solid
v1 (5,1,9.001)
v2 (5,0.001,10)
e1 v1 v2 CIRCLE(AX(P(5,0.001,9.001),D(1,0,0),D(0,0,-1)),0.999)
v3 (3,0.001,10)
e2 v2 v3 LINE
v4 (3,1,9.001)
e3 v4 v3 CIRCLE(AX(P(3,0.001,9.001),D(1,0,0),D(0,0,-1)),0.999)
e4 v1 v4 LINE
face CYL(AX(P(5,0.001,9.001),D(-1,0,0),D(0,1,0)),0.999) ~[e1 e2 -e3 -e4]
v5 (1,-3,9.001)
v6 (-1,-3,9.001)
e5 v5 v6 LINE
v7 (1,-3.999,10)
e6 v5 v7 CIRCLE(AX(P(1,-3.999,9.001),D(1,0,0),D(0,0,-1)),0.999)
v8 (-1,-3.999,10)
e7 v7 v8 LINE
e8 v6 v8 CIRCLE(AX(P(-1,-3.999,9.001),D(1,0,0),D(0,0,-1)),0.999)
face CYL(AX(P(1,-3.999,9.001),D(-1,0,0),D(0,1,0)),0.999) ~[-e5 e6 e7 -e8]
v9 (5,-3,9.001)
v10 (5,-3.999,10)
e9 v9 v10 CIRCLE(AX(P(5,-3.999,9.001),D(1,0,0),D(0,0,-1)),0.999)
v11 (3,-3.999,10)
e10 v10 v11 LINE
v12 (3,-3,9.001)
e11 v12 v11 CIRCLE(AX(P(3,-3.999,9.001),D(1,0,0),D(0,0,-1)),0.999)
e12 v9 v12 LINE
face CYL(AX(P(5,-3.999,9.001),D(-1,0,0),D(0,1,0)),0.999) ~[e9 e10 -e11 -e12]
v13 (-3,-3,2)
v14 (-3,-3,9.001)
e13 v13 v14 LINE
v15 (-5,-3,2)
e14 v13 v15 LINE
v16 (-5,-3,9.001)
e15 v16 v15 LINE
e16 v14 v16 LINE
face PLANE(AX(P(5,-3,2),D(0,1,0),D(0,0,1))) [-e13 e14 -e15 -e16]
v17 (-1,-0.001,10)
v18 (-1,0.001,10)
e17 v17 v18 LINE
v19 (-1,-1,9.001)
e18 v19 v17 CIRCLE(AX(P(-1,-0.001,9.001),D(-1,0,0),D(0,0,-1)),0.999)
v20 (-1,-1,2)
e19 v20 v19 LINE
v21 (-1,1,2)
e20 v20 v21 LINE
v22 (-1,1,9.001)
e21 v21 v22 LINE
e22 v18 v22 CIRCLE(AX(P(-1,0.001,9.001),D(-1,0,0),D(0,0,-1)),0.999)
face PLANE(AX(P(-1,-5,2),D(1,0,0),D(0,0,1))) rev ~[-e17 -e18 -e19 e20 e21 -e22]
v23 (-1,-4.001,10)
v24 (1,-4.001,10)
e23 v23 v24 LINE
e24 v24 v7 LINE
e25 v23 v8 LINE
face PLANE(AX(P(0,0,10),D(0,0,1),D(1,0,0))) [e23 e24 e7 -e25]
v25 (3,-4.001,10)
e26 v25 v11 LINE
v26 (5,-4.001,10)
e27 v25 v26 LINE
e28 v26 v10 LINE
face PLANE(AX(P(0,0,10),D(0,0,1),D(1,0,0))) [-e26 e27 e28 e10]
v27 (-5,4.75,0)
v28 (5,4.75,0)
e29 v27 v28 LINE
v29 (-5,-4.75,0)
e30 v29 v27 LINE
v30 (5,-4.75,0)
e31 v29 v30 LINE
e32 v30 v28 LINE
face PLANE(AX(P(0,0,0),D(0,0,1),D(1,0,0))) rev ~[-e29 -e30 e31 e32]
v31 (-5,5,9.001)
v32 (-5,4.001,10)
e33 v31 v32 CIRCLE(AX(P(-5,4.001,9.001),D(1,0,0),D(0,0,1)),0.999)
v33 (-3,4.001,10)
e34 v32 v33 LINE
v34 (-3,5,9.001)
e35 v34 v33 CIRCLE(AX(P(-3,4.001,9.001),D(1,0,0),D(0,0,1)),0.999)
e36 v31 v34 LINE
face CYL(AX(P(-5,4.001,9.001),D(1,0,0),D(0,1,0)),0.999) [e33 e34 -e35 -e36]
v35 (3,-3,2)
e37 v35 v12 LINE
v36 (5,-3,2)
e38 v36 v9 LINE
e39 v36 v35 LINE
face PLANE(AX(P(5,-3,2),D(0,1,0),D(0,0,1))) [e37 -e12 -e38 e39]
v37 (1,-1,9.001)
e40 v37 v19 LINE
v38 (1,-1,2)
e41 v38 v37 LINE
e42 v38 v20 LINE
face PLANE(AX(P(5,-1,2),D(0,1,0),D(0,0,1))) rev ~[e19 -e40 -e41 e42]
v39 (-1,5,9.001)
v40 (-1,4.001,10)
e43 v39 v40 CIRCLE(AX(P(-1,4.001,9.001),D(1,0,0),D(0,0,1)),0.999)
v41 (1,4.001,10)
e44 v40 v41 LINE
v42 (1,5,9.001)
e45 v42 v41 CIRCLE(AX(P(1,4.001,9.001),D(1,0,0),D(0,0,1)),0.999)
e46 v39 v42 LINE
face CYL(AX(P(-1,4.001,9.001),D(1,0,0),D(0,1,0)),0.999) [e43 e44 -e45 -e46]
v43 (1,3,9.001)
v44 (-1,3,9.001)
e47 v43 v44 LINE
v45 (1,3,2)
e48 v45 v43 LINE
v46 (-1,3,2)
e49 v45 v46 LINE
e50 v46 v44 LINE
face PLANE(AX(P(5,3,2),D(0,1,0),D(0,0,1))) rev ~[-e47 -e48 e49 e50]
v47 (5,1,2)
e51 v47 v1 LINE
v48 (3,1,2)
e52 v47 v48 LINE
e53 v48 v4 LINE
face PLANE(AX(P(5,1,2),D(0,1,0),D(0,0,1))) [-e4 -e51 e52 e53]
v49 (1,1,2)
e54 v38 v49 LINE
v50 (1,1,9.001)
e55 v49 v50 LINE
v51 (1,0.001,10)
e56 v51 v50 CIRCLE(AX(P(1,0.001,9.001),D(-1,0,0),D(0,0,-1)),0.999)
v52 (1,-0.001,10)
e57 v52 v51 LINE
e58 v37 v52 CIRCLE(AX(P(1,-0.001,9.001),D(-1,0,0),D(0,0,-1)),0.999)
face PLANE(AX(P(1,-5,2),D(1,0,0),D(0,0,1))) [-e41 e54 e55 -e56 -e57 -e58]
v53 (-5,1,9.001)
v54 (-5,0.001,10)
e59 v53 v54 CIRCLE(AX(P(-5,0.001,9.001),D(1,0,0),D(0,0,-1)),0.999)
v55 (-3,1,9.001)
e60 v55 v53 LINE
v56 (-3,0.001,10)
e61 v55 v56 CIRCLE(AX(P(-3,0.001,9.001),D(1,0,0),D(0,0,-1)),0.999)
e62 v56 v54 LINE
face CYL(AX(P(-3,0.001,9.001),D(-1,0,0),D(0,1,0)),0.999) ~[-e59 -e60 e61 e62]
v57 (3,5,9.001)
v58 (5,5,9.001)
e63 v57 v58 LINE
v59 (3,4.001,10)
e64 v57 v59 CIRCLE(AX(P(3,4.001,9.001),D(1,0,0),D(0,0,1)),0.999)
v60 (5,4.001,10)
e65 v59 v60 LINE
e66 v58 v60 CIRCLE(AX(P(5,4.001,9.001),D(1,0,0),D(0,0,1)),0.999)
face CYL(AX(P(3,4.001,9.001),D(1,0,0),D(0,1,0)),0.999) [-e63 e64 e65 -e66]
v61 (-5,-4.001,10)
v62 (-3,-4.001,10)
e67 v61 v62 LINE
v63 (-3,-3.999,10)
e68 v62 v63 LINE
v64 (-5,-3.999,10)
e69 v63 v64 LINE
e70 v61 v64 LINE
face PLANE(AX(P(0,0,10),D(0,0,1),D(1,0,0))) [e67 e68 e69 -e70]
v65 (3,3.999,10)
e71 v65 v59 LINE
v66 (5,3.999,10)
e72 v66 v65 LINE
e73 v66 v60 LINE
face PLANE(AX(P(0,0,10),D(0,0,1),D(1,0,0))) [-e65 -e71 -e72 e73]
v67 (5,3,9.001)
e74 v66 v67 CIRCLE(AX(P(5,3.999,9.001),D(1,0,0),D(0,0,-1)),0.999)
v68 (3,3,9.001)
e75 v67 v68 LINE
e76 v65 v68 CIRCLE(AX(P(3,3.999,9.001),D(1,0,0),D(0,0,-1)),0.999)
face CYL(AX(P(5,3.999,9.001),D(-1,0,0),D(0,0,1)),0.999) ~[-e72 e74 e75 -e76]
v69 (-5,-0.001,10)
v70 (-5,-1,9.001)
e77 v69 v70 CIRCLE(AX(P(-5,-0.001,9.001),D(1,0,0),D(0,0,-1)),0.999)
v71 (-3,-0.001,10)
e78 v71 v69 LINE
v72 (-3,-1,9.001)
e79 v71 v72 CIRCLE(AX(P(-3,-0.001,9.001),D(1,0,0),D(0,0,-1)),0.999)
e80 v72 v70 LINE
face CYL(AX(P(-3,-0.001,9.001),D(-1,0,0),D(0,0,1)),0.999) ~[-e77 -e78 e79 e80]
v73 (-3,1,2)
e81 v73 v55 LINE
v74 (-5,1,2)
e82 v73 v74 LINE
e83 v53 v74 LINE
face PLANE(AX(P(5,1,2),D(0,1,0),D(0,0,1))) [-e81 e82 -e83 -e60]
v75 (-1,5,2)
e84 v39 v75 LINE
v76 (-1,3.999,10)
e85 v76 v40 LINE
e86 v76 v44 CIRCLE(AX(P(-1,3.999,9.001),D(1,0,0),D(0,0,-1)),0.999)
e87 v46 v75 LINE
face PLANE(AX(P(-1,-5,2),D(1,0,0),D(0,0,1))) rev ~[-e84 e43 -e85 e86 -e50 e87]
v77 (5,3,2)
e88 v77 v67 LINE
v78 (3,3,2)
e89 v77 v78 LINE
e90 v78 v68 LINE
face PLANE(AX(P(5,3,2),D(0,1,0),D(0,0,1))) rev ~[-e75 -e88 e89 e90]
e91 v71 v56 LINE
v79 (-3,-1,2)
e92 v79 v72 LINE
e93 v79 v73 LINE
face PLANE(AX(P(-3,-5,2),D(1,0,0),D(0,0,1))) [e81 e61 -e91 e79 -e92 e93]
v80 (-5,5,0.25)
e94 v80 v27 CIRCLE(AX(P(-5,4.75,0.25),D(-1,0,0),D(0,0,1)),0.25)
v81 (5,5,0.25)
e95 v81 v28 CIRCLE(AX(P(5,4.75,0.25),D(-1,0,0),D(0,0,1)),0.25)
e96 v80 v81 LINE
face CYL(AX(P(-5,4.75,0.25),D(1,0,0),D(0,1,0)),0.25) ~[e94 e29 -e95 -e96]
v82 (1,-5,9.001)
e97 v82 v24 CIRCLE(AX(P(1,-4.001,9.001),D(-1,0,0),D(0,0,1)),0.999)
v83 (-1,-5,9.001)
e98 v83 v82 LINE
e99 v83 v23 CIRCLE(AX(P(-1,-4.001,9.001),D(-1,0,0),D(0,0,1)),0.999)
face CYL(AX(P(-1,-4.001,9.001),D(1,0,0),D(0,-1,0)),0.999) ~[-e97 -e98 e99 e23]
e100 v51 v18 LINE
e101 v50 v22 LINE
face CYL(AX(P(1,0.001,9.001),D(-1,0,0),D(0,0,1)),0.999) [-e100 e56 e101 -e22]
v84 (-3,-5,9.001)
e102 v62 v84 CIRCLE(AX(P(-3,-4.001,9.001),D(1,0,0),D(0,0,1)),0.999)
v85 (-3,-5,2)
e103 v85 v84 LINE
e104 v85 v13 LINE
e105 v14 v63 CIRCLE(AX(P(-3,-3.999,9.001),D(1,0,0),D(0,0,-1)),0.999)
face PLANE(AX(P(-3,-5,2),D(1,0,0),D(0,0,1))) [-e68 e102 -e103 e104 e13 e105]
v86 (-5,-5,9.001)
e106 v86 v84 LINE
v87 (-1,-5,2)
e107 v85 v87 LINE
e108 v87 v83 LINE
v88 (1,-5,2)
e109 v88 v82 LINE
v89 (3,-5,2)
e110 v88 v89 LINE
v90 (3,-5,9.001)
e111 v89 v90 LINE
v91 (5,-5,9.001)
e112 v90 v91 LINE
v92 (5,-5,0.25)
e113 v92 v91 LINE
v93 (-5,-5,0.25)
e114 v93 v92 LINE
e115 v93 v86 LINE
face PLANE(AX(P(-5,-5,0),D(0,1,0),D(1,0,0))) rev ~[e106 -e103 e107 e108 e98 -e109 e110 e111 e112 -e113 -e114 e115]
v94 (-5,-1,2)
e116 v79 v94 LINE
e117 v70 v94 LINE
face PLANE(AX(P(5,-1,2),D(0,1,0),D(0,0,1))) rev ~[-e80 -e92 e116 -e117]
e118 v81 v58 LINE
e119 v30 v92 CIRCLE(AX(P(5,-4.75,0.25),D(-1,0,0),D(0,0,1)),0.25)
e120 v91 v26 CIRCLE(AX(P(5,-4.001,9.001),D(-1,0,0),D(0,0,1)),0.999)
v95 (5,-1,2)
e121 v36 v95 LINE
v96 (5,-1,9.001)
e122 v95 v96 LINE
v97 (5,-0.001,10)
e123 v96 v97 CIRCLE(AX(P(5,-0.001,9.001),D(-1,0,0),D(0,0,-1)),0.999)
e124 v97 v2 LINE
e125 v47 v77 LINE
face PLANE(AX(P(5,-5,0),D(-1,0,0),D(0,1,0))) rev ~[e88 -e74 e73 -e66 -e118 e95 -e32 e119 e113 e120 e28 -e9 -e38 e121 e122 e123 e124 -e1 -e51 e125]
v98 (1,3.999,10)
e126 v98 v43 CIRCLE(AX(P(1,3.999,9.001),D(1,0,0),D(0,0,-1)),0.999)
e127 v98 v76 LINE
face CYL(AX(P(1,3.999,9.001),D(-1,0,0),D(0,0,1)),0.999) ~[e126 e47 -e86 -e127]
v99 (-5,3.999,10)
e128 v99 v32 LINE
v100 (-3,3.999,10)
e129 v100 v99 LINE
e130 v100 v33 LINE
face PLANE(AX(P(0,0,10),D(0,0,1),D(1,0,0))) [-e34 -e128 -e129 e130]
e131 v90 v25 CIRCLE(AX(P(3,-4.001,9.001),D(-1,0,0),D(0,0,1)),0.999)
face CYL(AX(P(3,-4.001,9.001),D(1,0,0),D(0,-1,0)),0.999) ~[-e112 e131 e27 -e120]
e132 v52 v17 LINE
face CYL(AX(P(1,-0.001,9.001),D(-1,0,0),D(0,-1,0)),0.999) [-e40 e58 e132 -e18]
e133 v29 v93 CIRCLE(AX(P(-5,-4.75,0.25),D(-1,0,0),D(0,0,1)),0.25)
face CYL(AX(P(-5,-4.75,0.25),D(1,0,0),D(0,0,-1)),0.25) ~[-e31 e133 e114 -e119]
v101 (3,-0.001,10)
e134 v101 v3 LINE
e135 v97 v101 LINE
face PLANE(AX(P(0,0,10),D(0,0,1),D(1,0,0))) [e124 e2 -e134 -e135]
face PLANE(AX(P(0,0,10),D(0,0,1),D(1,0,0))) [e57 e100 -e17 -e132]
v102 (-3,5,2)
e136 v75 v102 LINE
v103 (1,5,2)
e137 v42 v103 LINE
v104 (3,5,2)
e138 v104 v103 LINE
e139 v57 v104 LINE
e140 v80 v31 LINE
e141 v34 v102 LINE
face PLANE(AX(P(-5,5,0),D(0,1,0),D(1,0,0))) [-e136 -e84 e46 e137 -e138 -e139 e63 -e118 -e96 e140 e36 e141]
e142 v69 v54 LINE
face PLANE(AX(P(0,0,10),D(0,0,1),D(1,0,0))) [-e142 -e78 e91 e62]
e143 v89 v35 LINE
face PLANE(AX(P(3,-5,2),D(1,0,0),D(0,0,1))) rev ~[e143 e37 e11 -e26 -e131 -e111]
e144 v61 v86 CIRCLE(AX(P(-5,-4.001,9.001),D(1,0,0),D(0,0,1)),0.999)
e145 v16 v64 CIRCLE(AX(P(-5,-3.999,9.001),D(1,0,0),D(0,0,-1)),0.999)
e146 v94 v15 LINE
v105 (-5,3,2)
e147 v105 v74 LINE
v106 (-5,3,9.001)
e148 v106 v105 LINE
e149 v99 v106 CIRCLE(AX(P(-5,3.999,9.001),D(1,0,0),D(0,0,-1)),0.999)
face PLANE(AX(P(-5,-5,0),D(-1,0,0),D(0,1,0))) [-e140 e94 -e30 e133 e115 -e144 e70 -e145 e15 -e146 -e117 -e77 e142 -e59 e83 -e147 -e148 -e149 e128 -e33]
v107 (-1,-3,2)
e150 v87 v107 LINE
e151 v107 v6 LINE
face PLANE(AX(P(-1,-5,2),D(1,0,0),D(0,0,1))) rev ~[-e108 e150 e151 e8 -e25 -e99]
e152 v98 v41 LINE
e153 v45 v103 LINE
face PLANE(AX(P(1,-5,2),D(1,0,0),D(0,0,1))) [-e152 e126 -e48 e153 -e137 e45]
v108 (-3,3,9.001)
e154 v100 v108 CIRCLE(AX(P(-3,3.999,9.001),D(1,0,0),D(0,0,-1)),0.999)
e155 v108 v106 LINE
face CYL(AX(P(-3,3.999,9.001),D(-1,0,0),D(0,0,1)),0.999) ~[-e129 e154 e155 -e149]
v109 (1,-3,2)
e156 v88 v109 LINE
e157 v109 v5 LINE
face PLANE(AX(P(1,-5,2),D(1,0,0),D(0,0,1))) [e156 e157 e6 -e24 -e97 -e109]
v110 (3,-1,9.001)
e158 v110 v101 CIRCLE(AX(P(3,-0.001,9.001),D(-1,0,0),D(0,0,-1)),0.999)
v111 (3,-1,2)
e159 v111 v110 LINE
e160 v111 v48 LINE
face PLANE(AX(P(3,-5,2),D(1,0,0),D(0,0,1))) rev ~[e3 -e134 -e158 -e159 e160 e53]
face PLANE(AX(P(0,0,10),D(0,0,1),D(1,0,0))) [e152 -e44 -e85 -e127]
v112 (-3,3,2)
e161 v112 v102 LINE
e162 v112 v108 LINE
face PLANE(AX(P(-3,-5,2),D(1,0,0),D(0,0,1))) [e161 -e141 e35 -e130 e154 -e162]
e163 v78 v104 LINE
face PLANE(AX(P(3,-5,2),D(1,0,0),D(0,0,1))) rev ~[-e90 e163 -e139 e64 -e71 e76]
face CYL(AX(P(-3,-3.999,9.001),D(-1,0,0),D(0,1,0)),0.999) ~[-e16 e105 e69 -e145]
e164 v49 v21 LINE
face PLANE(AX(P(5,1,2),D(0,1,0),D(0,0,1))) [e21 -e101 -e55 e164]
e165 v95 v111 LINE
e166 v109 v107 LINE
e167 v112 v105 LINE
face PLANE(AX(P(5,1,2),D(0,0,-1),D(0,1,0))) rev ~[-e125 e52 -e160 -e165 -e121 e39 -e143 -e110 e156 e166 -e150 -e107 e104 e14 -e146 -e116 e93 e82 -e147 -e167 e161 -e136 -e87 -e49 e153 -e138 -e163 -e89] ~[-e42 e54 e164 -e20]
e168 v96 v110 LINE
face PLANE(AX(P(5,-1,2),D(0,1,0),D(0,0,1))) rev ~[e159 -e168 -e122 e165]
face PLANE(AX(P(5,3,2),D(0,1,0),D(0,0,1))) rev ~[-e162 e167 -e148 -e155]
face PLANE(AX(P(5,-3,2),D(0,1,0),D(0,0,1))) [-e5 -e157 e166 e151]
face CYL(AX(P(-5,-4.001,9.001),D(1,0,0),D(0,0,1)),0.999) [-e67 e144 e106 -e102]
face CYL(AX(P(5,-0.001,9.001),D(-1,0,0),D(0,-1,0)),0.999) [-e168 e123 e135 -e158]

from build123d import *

# Parameters (mm, degrees)
BOX_W                  = 10
BOX_H                  = 10
BOX_DEPTH              = 10
SKETCH_W               = 2
SKETCH_H               = 10
POCKET_DEPTH           = 10.001
LINEARPATTERN_COUNT    = 2
LINEARPATTERN_PITCH    = 4
SKETCH001_W            = 2
SKETCH001_H            = 10
POCKET001_DEPTH        = 10.001
LINEARPATTERN001_COUNT = 2
LINEARPATTERN001_PITCH = 4
FILLET_R               = 0.999
FILLET001_R            = 0.25


with BuildPart() as part:
    # Box → Box (new body)
    with BuildSketch(Plane(origin=(-5, -5, 0), x_dir=(1, 0, 0), z_dir=(0, 0, 1))):
        with Locations((5, 5)):
            Rectangle(BOX_W, BOX_H)
    extrude(amount=BOX_DEPTH)

    # Sketch → Pocket (cut, through all)
    with BuildSketch(Plane(origin=(-5, -5, 0), x_dir=(1, 0, 0), z_dir=(0, -1, 0))):
        with Locations((3, 7)):
            Rectangle(SKETCH_W, SKETCH_H)
    pocket = extrude(amount=-POCKET_DEPTH, mode=Mode.SUBTRACT)

    # LinearPattern: Pocket ×2
    with Locations(*[(i * LINEARPATTERN_PITCH, 0, 0) for i in range(1, LINEARPATTERN_COUNT)]):
        add(pocket, mode=Mode.SUBTRACT)

    # Sketch001 → Pocket001 (cut, through all)
    with BuildSketch(Plane(origin=(5, -5, 0), x_dir=(0, 1, 0), z_dir=(1, 0, 0))):
        with Locations((3, 7)):
            Rectangle(SKETCH001_W, SKETCH001_H)
    pocket001 = extrude(amount=-POCKET001_DEPTH, mode=Mode.SUBTRACT)

    # LinearPattern001: Pocket001 ×2
    with Locations(*[(0, i * LINEARPATTERN001_PITCH, 0) for i in range(1, LINEARPATTERN001_COUNT)]):
        add(pocket001, mode=Mode.SUBTRACT)

    # Fillet
    fillet_edges = [part.edges().sort_by_distance(p)[0] for p in [
        (-4, -5, 10),
        (-4, -3, 10),
        (0, -5, 10),
        (0, -3, 10),
        (4, -5, 10),
        (4, -3, 10),
        (4, -1, 10),
        (4, 1, 10),
        (0, 1, 10),
        (0, -1, 10),
        (-4, -1, 10),
        (-4, 1, 10),
        (-4, 3, 10),
        (-4, 5, 10),
        (0, 5, 10),
        (0, 3, 10),
        (4, 5, 10),
        (4, 3, 10),
    ]]
    fillet(fillet_edges, radius=FILLET_R)

    # Fillet001
    fillet001_edges = [part.edges().sort_by_distance(p)[0] for p in [
        (0, -5, 0),
        (0, 5, 0),
    ]]
    fillet(fillet001_edges, radius=FILLET001_R)


solid = part.part
